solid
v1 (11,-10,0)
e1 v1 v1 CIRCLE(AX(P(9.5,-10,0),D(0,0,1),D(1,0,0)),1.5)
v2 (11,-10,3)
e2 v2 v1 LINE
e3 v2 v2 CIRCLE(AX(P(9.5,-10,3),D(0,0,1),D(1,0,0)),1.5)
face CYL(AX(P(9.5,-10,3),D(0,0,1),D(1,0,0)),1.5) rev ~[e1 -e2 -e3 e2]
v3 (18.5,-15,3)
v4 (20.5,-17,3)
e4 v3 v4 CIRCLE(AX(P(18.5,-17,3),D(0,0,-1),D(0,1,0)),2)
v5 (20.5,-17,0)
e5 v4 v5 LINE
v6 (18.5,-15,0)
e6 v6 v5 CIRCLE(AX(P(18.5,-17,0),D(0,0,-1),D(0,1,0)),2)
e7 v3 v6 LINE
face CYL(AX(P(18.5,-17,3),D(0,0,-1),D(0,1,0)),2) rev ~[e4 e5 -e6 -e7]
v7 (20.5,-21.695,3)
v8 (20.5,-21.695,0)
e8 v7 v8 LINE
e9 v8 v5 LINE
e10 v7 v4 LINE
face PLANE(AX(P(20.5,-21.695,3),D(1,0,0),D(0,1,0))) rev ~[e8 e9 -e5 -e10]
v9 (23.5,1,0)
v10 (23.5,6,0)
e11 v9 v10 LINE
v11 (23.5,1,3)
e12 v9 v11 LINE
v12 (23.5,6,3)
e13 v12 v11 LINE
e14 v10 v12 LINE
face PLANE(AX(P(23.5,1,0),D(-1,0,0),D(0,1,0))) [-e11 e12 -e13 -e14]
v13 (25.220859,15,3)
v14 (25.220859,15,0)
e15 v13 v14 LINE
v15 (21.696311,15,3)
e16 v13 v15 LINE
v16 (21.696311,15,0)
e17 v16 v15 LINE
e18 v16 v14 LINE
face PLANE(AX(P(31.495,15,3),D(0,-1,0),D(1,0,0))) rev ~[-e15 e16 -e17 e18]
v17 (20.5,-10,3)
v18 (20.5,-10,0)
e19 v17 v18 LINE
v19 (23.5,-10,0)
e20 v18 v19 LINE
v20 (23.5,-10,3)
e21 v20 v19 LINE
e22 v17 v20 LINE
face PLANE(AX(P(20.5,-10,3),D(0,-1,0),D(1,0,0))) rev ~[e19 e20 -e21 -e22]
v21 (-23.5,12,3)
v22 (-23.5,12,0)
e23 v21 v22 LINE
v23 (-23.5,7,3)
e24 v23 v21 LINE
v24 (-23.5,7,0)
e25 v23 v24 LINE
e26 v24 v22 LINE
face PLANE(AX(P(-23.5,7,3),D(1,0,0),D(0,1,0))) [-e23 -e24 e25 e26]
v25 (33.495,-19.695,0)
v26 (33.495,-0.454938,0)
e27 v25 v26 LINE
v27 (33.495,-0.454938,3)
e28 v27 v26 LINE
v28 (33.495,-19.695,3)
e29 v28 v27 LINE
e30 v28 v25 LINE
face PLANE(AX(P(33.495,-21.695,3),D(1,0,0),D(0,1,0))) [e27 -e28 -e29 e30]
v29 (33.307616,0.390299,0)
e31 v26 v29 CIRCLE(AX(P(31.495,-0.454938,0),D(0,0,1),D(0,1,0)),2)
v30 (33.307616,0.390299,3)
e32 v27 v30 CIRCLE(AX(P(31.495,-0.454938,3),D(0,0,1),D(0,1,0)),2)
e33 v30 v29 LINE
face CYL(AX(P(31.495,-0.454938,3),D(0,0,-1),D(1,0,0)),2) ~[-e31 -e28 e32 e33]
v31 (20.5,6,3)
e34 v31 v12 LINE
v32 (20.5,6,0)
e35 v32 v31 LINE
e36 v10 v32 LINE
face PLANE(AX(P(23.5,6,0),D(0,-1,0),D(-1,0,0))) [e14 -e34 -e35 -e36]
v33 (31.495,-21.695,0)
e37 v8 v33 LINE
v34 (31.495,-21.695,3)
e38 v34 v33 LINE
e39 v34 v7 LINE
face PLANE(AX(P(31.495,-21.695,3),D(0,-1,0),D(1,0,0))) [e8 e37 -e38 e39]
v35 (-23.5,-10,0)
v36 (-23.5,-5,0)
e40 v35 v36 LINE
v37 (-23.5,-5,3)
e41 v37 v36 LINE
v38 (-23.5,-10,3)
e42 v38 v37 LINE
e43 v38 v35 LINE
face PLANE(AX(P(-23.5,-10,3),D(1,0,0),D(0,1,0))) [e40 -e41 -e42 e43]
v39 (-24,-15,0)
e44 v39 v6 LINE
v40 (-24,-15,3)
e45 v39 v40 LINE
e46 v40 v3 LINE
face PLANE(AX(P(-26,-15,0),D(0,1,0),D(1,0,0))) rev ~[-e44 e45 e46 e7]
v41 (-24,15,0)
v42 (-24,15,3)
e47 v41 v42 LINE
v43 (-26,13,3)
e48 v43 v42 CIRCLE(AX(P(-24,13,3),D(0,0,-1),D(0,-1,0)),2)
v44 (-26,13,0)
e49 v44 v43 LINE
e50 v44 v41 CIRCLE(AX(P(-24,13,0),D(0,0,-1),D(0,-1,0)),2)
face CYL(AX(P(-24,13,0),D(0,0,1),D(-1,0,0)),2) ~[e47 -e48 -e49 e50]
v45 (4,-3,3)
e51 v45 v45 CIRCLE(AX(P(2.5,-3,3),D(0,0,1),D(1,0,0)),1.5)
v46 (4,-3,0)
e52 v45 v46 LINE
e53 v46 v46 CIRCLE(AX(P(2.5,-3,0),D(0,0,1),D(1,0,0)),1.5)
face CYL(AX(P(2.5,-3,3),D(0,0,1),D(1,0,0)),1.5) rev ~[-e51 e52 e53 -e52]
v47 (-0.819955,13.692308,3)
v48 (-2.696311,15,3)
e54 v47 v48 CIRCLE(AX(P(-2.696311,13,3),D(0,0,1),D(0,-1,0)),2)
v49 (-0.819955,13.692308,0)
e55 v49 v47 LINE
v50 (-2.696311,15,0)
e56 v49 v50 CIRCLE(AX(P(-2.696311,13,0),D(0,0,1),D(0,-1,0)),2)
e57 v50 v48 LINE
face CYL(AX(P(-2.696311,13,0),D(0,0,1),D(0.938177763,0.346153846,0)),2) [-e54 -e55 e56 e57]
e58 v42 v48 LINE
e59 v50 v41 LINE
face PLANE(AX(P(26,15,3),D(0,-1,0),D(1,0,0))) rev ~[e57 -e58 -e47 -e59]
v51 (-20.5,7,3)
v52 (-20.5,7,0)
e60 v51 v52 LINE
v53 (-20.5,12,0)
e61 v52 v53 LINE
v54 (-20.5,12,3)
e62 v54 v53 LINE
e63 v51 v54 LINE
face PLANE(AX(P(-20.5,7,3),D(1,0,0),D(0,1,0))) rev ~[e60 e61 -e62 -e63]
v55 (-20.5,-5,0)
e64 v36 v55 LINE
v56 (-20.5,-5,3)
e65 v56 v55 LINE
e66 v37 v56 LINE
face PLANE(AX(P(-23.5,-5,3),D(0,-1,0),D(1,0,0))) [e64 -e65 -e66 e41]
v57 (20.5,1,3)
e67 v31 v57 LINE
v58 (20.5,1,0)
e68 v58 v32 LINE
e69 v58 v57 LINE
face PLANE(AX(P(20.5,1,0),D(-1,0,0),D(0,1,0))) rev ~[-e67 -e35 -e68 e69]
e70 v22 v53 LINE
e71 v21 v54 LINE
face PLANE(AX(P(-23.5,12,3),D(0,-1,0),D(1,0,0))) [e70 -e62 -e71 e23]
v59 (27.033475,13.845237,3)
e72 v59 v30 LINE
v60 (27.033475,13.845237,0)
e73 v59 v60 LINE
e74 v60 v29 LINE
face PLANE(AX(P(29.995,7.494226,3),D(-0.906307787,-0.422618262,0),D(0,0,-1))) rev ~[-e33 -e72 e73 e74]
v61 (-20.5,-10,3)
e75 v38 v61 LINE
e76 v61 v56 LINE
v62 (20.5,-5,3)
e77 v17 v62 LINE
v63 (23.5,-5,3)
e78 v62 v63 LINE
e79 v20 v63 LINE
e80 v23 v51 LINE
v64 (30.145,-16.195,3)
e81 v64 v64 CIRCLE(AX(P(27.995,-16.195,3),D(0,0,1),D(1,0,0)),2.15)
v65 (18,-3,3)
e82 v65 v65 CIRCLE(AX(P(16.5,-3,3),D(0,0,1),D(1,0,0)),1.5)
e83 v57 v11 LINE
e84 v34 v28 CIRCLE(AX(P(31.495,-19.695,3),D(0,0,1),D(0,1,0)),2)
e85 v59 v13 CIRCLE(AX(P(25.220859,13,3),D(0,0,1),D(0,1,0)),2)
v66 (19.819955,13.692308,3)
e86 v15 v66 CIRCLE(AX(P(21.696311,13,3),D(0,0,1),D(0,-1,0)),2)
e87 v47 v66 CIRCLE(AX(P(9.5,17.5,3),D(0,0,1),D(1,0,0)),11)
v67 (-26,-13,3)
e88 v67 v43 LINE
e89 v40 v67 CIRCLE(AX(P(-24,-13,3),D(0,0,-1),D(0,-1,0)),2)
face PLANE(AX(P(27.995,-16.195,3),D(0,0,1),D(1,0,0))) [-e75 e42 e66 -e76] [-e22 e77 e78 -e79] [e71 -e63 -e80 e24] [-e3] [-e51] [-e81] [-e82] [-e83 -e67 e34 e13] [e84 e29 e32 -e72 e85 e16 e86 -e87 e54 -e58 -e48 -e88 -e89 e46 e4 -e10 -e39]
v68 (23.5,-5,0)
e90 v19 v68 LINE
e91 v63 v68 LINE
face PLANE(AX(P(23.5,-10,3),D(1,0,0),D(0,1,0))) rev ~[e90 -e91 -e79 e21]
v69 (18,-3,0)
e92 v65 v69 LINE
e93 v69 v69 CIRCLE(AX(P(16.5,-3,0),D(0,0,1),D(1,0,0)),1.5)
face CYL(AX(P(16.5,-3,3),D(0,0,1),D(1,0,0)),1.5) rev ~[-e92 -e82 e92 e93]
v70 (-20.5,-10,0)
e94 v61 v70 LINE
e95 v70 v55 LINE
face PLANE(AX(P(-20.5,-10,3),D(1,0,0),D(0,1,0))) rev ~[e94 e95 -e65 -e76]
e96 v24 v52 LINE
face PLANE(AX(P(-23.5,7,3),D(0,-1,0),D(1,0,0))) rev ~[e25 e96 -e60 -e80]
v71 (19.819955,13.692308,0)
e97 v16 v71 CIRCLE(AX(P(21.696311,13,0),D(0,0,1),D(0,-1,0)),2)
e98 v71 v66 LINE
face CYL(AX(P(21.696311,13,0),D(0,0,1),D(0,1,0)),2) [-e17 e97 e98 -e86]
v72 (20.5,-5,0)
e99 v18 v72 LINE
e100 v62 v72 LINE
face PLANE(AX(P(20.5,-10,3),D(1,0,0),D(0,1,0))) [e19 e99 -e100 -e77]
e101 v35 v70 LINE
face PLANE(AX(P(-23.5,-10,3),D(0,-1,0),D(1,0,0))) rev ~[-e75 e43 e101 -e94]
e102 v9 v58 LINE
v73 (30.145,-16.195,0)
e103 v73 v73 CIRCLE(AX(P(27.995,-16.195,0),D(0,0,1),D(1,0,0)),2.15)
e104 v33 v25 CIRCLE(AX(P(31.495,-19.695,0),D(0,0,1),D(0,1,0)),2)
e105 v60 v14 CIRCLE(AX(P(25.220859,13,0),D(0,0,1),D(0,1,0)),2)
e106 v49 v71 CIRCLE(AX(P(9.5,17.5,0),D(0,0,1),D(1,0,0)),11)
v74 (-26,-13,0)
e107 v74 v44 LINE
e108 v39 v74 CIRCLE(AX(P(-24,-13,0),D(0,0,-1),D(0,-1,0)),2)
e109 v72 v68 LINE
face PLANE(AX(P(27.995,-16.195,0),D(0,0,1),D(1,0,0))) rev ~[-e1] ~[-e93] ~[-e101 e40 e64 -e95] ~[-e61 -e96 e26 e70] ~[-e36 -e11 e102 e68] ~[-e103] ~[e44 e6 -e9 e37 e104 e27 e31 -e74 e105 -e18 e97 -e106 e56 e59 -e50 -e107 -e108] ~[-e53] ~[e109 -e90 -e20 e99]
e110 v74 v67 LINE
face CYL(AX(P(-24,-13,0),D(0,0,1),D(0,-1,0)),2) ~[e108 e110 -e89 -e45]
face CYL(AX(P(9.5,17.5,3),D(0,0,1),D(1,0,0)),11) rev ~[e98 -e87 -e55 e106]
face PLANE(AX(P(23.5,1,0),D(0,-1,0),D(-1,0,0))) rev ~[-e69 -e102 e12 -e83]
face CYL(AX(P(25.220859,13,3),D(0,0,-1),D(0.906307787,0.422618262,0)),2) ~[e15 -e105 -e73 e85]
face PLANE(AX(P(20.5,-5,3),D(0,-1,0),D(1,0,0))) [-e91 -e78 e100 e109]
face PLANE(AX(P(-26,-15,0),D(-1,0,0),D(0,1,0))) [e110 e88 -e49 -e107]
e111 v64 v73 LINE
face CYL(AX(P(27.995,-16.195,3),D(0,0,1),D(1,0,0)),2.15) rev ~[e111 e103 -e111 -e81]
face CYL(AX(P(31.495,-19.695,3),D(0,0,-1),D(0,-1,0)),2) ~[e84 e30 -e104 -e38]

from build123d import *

# Parameters (mm, degrees)
SKETCH_1_W          = 52
SKETCH_1_H          = 30
EXTRUDE_1_DEPTH     = 3
SKETCH_2_W          = 3
SKETCH_2_H          = 5
CUT_EXTRUDE_1_DEPTH = 4
SKETCH_6_W          = 4.623864405
SKETCH_6_H          = 6.377744006
EXTRUDE_2_DEPTH     = 3
SKETCH_7_W          = 3
SKETCH_7_H          = 5
CUT_EXTRUDE_4_DEPTH = 10
SKETCH_9_R          = 2
EXTRUDE_3_DEPTH     = 3
SKETCH_10_R         = 2.25
CUT_EXTRUDE_5_DEPTH = 10
SKETCH_11_R         = 1.5
CUT_EXTRUDE_6_DEPTH = 10
SKETCH_12_R         = 11
CUT_EXTRUDE_7_DEPTH = 10
FILLET_1_R          = 2
SKETCH_13_W         = 2
SKETCH_13_H         = 36.695
EXTRUDE_4_DEPTH     = 3
FILLET_2_R          = 2
CHAMFER_1_SIZE      = 7
CHAMFER_1_SIZE2     = 15.011548444
FILLET_3_R          = 2
SKETCH_15_R         = 2.25
SKETCH_15_R_2       = 2.15
EXTRUDE_6_DEPTH     = 3
FILLET_4_R          = 2


with BuildPart() as part:
    # 草图1 → 凸台-拉伸1 (new body)
    with BuildSketch(Plane.XY):
        Rectangle(SKETCH_1_W, SKETCH_1_H)
    extrude(amount=EXTRUDE_1_DEPTH)

    # 草图2 → 切除-拉伸1 (cut)
    with BuildSketch(Plane.XY.offset(3)):
        with Locations((22, -7.5)):
            Rectangle(SKETCH_2_W, SKETCH_2_H)
        with Locations((22, 9.5)):
            Rectangle(SKETCH_2_W, SKETCH_2_H)
        with Locations((-22, 9.5)):
            Rectangle(SKETCH_2_W, SKETCH_2_H)
        with Locations((-22, -7.5)):
            Rectangle(SKETCH_2_W, SKETCH_2_H)
    extrude(amount=-CUT_EXTRUDE_1_DEPTH, mode=Mode.SUBTRACT)

    # 草图6 → 凸台-拉伸2 (add)
    with BuildSketch(Plane(origin=(0, 0, 0), x_dir=(-1, 0, 0), z_dir=(0, 0, -1))):
        with Locations((-21.865764725, 9.519388139)):
            Rectangle(SKETCH_6_W, SKETCH_6_H)
    extrude(amount=-EXTRUDE_2_DEPTH)

    # 草图7 → 切除-拉伸4 (cut)
    with BuildSketch(Plane(origin=(0, 0, 0), x_dir=(-1, 0, 0), z_dir=(0, 0, -1))):
        with Locations((-22, 3.5)):
            Rectangle(SKETCH_7_W, SKETCH_7_H)
    extrude(amount=-CUT_EXTRUDE_4_DEPTH, mode=Mode.SUBTRACT)

    # 草图9 → 凸台-拉伸3 (add)
    with BuildSketch(Plane.XY.offset(3)):
        Polygon((26, 15), (31.495, 15), (31.495, -21.695), (20.5, -21.695), (20.5, -15), (26, -15), align=None)
        with Locations((27.995, -16.195)):
            Circle(SKETCH_9_R, mode=Mode.SUBTRACT)
    extrude(amount=-EXTRUDE_3_DEPTH)

    # 草图10 → 切除-拉伸5 (cut)
    with BuildSketch(Plane.XY.offset(3)):
        with Locations((27.995, -16.195)):
            Circle(SKETCH_10_R)
    extrude(amount=-CUT_EXTRUDE_5_DEPTH, mode=Mode.SUBTRACT)

    # 草图11 → 切除-拉伸6 (cut)
    with BuildSketch(Plane.XY.offset(3)):
        with Locations((2.5, -3)):
            Circle(SKETCH_11_R)
        with Locations((16.5, -3)):
            Circle(SKETCH_11_R)
        with Locations((9.5, -10)):
            Circle(SKETCH_11_R)
    extrude(amount=-CUT_EXTRUDE_6_DEPTH, mode=Mode.SUBTRACT)

    # 草图12 → 切除-拉伸7 (cut)
    with BuildSketch(Plane.XY.offset(3)):
        with Locations((9.5, 17.5)):
            Circle(SKETCH_12_R)
    extrude(amount=-CUT_EXTRUDE_7_DEPTH, mode=Mode.SUBTRACT)

    # 圆角1
    fillet_1_edges = [part.edges().sort_by_distance(p)[0] for p in [
        (20.5, -15, 1.5),
        (20.212142643, 15, 1.5),
        (-1.212142643, 15, 1.5),
    ]]
    fillet(fillet_1_edges, radius=FILLET_1_R)

    # 草图13 → 凸台-拉伸4 (add)
    with BuildSketch(Plane.XY.offset(3)):
        with Locations((32.495, -3.3475)):
            Rectangle(SKETCH_13_W, SKETCH_13_H)
    extrude(amount=-EXTRUDE_4_DEPTH)

    # 圆角2
    fillet_2_edges = [part.edges().sort_by_distance(p)[0] for p in [
        (33.495, -21.695, 1.5),
    ]]
    fillet(fillet_2_edges, radius=FILLET_2_R)

    # 倒角1
    chamfer_1_edges = [part.edges().sort_by_distance(p)[0] for p in [
        (33.495, 15, 1.5),
    ]]
    chamfer_1_side = [part.faces().sort_by_distance(p)[0] for p in [
        (27.595655459, 15, 1.5),
    ]]
    chamfer(chamfer_1_edges, length=CHAMFER_1_SIZE, length2=CHAMFER_1_SIZE2, reference=chamfer_1_side[0])

    # 圆角3
    fillet_3_edges = [part.edges().sort_by_distance(p)[0] for p in [
        (33.495, -0.011548444, 1.5),
        (26.495, 15, 1.5),
    ]]
    fillet(fillet_3_edges, radius=FILLET_3_R)

    # 草图15 → 凸台-拉伸6 (add)
    with BuildSketch(Plane.XY.offset(3)):
        with Locations((27.995, -16.195)):
            Circle(SKETCH_15_R)
        with Locations((27.995, -16.195)):
            Circle(SKETCH_15_R_2, mode=Mode.SUBTRACT)
    extrude(amount=-EXTRUDE_6_DEPTH)

    # 圆角4
    fillet_4_edges = [part.edges().sort_by_distance(p)[0] for p in [
        (-26, -15, 1.5),
        (-26, 15, 1.5),
    ]]
    fillet(fillet_4_edges, radius=FILLET_4_R)


solid = part.part
